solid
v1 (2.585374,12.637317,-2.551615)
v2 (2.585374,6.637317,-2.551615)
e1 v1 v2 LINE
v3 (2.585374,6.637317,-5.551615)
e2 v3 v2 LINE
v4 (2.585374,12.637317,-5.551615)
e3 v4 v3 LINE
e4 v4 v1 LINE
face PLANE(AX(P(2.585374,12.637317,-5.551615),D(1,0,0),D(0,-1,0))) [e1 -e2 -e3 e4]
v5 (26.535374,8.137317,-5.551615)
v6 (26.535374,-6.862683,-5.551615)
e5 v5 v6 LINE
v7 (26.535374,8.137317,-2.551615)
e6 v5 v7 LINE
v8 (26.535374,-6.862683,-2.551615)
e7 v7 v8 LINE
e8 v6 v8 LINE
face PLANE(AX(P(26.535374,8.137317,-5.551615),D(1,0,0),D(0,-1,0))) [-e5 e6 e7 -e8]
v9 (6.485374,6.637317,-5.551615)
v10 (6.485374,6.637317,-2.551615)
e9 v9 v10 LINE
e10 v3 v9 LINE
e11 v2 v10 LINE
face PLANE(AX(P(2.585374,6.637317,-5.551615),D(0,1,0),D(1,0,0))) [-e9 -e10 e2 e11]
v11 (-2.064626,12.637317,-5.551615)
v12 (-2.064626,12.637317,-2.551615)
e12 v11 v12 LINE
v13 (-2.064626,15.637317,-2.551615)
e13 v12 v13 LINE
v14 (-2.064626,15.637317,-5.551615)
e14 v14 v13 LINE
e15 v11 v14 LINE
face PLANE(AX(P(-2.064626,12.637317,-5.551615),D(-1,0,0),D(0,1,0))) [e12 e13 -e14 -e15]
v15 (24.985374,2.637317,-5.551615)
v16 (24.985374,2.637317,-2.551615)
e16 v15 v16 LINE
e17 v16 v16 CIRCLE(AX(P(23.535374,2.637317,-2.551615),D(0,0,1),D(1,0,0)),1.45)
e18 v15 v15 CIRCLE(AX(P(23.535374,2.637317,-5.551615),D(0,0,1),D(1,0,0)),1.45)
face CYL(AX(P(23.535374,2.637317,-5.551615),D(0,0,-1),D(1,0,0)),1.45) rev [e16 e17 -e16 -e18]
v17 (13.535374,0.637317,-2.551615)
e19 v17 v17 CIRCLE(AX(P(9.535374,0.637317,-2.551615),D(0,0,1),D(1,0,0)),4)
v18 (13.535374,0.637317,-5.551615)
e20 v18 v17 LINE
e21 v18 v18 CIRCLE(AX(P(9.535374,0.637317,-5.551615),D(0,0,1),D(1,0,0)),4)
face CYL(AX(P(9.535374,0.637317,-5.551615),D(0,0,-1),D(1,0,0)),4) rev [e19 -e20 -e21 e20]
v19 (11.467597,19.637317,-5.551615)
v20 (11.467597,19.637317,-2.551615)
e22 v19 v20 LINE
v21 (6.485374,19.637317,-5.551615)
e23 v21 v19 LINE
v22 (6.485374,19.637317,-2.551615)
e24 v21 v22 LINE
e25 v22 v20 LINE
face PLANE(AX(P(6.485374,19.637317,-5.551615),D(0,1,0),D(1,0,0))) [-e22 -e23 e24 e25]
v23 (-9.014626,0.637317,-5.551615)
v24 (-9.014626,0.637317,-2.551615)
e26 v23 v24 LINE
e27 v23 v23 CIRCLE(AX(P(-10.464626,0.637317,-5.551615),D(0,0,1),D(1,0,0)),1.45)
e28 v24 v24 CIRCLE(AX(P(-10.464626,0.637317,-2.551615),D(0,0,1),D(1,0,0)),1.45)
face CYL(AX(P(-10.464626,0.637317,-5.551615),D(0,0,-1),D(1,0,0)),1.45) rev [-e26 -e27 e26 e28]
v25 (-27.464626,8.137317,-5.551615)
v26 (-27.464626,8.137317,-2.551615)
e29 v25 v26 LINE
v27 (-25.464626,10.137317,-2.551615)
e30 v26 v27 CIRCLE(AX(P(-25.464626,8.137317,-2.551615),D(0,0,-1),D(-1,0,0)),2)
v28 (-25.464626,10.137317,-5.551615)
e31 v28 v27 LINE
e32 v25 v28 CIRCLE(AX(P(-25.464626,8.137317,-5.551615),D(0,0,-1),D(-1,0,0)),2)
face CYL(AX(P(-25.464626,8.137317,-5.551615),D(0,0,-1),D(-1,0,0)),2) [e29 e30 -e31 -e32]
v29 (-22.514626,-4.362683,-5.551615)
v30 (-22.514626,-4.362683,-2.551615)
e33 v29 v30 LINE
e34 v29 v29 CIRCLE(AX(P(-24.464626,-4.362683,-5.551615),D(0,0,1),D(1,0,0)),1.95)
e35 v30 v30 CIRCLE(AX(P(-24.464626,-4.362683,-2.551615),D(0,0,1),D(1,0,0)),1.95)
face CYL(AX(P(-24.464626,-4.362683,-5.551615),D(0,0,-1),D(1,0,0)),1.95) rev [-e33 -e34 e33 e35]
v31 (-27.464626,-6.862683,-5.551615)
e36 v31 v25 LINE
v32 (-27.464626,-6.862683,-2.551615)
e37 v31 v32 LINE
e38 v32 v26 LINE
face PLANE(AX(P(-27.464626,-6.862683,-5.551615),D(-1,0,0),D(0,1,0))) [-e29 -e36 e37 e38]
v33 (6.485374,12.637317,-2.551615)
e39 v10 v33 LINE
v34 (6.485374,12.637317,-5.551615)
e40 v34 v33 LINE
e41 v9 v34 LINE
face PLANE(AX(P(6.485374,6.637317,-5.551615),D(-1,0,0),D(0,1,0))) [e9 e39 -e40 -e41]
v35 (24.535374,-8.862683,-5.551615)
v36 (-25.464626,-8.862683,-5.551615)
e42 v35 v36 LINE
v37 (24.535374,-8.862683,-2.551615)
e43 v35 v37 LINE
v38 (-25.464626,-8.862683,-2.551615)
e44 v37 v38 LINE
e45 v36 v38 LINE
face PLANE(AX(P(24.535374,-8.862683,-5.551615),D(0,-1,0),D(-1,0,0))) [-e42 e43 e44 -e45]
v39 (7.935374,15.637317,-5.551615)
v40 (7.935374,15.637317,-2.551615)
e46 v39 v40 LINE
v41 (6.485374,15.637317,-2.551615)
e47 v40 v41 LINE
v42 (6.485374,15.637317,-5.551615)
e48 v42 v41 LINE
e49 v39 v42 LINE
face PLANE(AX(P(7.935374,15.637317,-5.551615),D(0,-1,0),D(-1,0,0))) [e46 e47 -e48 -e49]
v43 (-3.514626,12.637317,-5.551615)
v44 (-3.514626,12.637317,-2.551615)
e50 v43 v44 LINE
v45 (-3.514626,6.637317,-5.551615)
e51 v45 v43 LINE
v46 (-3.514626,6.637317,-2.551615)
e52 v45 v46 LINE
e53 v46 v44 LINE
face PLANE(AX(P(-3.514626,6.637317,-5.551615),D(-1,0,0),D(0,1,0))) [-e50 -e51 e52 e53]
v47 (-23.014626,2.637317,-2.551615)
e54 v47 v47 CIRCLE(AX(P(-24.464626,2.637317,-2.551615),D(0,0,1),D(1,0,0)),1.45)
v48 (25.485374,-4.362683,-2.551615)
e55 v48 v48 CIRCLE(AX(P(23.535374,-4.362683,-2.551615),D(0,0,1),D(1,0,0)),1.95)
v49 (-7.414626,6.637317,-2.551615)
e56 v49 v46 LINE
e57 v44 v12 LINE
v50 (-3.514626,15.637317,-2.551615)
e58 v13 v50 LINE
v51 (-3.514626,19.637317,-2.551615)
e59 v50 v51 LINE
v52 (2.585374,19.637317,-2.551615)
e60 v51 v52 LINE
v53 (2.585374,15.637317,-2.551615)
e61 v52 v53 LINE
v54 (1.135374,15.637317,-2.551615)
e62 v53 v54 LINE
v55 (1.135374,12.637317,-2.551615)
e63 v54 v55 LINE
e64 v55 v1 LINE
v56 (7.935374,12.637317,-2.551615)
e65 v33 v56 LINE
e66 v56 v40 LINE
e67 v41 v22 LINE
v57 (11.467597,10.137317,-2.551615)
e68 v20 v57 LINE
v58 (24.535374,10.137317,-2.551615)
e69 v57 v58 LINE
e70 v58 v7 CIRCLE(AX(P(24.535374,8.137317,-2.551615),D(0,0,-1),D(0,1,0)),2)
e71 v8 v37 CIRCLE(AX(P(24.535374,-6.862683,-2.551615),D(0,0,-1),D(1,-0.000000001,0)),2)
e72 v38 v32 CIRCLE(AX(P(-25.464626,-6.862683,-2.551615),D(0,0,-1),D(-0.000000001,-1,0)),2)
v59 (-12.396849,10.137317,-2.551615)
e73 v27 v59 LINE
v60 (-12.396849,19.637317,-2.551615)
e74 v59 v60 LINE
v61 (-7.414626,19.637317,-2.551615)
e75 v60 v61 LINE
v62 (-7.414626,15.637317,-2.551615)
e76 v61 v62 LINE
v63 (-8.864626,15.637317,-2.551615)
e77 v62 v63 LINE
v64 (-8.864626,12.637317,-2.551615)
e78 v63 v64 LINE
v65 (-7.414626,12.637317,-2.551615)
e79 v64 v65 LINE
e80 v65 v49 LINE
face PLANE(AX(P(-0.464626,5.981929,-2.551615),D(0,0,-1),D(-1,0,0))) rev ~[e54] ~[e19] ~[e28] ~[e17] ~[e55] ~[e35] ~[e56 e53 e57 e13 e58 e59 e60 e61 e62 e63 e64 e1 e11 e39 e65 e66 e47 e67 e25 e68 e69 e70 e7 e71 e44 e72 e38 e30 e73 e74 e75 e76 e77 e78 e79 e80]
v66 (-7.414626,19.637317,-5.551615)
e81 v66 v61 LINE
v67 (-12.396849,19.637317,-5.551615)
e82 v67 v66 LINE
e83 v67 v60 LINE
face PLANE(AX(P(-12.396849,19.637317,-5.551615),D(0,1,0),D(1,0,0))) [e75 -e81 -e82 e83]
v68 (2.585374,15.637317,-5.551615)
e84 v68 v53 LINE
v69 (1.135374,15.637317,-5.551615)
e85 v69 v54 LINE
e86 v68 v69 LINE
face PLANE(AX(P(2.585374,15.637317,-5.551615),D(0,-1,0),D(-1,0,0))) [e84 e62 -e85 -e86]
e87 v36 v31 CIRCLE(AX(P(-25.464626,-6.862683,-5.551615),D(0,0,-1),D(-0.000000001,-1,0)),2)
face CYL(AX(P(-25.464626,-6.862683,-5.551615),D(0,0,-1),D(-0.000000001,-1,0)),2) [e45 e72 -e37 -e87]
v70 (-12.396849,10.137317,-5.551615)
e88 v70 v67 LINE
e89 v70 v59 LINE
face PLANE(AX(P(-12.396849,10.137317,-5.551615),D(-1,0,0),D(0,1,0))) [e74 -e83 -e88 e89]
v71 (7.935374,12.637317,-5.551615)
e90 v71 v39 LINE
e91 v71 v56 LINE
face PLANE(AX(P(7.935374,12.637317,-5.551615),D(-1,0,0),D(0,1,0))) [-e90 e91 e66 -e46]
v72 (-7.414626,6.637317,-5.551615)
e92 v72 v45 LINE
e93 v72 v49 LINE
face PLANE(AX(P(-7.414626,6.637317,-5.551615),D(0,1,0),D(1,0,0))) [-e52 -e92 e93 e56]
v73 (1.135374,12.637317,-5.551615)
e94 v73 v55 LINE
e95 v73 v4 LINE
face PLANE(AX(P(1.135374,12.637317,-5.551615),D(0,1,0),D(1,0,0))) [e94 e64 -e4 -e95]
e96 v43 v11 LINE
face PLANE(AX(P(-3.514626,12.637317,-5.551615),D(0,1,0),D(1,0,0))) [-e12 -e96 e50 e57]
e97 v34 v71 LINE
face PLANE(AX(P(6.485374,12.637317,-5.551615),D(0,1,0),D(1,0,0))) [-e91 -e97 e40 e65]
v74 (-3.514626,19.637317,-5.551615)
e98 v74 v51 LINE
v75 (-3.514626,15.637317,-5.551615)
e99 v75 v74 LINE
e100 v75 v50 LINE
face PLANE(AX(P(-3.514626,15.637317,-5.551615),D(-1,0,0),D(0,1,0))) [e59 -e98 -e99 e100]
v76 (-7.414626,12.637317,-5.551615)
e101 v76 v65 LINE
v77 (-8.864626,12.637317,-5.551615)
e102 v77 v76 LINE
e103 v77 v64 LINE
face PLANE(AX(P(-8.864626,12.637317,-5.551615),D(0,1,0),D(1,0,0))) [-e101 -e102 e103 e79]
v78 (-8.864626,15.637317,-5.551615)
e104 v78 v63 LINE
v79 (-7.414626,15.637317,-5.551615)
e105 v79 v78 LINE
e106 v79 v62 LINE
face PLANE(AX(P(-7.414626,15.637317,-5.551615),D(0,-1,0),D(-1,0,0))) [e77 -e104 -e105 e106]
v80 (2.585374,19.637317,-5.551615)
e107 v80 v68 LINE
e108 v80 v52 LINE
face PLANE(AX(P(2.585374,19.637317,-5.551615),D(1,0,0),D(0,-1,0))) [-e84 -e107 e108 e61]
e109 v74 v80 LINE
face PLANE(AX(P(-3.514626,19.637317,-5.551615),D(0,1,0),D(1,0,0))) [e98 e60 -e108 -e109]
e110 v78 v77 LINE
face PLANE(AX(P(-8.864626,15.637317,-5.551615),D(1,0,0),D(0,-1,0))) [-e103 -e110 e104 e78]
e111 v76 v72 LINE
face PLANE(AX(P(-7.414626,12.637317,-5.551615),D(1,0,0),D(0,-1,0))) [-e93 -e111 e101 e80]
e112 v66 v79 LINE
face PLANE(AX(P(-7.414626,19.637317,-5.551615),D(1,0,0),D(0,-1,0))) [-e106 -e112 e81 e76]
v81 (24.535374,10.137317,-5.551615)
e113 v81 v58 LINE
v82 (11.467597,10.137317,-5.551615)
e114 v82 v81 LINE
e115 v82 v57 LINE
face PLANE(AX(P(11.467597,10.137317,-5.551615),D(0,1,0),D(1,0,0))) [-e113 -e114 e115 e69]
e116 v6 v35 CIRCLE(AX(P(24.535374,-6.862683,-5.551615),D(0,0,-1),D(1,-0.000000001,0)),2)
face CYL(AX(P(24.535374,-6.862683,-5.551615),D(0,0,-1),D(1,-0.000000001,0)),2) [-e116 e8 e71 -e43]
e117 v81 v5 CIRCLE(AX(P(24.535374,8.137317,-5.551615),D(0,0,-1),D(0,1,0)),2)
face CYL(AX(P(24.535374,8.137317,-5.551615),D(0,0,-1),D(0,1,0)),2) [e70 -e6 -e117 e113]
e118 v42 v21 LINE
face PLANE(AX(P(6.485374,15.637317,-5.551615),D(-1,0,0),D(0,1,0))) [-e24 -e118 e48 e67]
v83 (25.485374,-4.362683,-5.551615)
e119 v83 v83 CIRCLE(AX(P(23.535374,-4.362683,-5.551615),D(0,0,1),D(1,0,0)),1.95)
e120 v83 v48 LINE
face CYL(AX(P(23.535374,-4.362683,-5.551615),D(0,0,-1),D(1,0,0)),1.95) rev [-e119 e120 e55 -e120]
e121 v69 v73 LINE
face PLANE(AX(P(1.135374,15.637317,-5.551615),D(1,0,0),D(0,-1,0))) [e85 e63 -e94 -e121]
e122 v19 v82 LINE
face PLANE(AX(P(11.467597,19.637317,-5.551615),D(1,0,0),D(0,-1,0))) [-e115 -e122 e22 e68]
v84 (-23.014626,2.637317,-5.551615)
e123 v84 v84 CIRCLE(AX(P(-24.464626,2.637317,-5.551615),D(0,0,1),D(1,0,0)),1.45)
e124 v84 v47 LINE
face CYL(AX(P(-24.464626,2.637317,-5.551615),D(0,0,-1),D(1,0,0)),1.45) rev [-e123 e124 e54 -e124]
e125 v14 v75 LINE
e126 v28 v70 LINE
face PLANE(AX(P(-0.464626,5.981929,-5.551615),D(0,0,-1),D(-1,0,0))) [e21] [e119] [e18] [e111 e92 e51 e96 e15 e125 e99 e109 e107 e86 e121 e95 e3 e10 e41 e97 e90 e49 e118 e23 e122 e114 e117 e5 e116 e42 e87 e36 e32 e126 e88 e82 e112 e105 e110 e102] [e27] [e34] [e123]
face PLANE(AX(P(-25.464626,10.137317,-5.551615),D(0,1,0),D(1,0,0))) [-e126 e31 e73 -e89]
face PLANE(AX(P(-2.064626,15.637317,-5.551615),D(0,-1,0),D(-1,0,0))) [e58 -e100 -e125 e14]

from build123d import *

# Parameters (mm, degrees)
SKETCH1_R           = 1.95
SKETCH1_R_2         = 4
SKETCH1_R_3         = 1.45
BOSS_EXTRUDE1_DEPTH = 3


with BuildPart() as part:
    # Sketch1 → Boss-Extrude1 (new body)
    with BuildSketch(Plane.XY.offset(-5.551615438)):
        with BuildLine():
            Line((-25.464626351, 10.13731735), (-12.396849296, 10.13731735))
            Line((-12.396849296, 10.13731735), (-12.396849296, 19.63731735))
            Line((-12.396849296, 19.63731735), (-7.414626351, 19.63731735))
            Line((-7.414626351, 19.63731735), (-7.414626351, 15.63731735))
            Line((-7.414626351, 15.63731735), (-8.864626351, 15.63731735))
            Line((-8.864626351, 15.63731735), (-8.864626351, 12.63731735))
            Line((-8.864626351, 12.63731735), (-7.414626351, 12.63731735))
            Line((-7.414626351, 12.63731735), (-7.414626351, 6.63731735))
            Line((-7.414626351, 6.63731735), (-3.514626351, 6.63731735))
            Line((-3.514626351, 6.63731735), (-3.514626351, 12.63731735))
            Line((-3.514626351, 12.63731735), (-2.064626351, 12.63731735))
            Line((-2.064626351, 12.63731735), (-2.064626351, 15.63731735))
            Line((-2.064626351, 15.63731735), (-3.514626351, 15.63731735))
            Line((-3.514626351, 15.63731735), (-3.514626351, 19.63731735))
            Line((-3.514626351, 19.63731735), (2.585373649, 19.63731735))
            Line((2.585373649, 19.63731735), (2.585373649, 15.63731735))
            Line((2.585373649, 15.63731735), (1.135373649, 15.63731735))
            Line((1.135373649, 15.63731735), (1.135373649, 12.63731735))
            Line((1.135373649, 12.63731735), (2.585373649, 12.63731735))
            Line((2.585373649, 12.63731735), (2.585373649, 6.63731735))
            Line((2.585373649, 6.63731735), (6.485373649, 6.63731735))
            Line((6.485373649, 6.63731735), (6.485373649, 12.63731735))
            Line((6.485373649, 12.63731735), (7.935373649, 12.63731735))
            Line((7.935373649, 12.63731735), (7.935373649, 15.63731735))
            Line((7.935373649, 15.63731735), (6.485373649, 15.63731735))
            Line((6.485373649, 15.63731735), (6.485373649, 19.63731735))
            Line((6.485373649, 19.63731735), (11.467596593, 19.63731735))
            Line((11.467596593, 19.63731735), (11.467596593, 10.13731735))
            Line((11.467596593, 10.13731735), (24.535373649, 10.13731735))
            ThreePointArc((24.535373649, 10.13731735), (25.949587211, 9.551530913), (26.535373649, 8.13731735))
            Line((26.535373649, 8.13731735), (26.535373649, -6.86268265))
            ThreePointArc((26.535373649, -6.86268265), (25.949587211, -8.276896212), (24.535373649, -8.86268265))
            Line((24.535373649, -8.86268265), (-10, -8.86268265))
            Line((-10, -8.86268265), (-25.464626351, -8.86268265))
            ThreePointArc((-25.464626351, -8.86268265), (-26.878839913, -8.276896212), (-27.464626351, -6.86268265))
            Line((-27.464626351, -6.86268265), (-27.464626351, 8.13731735))
            ThreePointArc((-27.464626351, 8.13731735), (-26.878839913, 9.551530913), (-25.464626351, 10.13731735))
        make_face()
        with Locations((-24.464626351, -4.36268265)):
            Circle(SKETCH1_R, mode=Mode.SUBTRACT)
        with Locations((23.535373649, -4.36268265)):
            Circle(SKETCH1_R, mode=Mode.SUBTRACT)
        with Locations((9.535373649, 0.63731735)):
            Circle(SKETCH1_R_2, mode=Mode.SUBTRACT)
        with Locations((-10.464626351, 0.63731735)):
            Circle(SKETCH1_R_3, mode=Mode.SUBTRACT)
        with Locations((-24.464626351, 2.63731735)):
            Circle(SKETCH1_R_3, mode=Mode.SUBTRACT)
        with Locations((23.535373649, 2.63731735)):
            Circle(SKETCH1_R_3, mode=Mode.SUBTRACT)
    extrude(amount=BOSS_EXTRUDE1_DEPTH)


solid = part.part
